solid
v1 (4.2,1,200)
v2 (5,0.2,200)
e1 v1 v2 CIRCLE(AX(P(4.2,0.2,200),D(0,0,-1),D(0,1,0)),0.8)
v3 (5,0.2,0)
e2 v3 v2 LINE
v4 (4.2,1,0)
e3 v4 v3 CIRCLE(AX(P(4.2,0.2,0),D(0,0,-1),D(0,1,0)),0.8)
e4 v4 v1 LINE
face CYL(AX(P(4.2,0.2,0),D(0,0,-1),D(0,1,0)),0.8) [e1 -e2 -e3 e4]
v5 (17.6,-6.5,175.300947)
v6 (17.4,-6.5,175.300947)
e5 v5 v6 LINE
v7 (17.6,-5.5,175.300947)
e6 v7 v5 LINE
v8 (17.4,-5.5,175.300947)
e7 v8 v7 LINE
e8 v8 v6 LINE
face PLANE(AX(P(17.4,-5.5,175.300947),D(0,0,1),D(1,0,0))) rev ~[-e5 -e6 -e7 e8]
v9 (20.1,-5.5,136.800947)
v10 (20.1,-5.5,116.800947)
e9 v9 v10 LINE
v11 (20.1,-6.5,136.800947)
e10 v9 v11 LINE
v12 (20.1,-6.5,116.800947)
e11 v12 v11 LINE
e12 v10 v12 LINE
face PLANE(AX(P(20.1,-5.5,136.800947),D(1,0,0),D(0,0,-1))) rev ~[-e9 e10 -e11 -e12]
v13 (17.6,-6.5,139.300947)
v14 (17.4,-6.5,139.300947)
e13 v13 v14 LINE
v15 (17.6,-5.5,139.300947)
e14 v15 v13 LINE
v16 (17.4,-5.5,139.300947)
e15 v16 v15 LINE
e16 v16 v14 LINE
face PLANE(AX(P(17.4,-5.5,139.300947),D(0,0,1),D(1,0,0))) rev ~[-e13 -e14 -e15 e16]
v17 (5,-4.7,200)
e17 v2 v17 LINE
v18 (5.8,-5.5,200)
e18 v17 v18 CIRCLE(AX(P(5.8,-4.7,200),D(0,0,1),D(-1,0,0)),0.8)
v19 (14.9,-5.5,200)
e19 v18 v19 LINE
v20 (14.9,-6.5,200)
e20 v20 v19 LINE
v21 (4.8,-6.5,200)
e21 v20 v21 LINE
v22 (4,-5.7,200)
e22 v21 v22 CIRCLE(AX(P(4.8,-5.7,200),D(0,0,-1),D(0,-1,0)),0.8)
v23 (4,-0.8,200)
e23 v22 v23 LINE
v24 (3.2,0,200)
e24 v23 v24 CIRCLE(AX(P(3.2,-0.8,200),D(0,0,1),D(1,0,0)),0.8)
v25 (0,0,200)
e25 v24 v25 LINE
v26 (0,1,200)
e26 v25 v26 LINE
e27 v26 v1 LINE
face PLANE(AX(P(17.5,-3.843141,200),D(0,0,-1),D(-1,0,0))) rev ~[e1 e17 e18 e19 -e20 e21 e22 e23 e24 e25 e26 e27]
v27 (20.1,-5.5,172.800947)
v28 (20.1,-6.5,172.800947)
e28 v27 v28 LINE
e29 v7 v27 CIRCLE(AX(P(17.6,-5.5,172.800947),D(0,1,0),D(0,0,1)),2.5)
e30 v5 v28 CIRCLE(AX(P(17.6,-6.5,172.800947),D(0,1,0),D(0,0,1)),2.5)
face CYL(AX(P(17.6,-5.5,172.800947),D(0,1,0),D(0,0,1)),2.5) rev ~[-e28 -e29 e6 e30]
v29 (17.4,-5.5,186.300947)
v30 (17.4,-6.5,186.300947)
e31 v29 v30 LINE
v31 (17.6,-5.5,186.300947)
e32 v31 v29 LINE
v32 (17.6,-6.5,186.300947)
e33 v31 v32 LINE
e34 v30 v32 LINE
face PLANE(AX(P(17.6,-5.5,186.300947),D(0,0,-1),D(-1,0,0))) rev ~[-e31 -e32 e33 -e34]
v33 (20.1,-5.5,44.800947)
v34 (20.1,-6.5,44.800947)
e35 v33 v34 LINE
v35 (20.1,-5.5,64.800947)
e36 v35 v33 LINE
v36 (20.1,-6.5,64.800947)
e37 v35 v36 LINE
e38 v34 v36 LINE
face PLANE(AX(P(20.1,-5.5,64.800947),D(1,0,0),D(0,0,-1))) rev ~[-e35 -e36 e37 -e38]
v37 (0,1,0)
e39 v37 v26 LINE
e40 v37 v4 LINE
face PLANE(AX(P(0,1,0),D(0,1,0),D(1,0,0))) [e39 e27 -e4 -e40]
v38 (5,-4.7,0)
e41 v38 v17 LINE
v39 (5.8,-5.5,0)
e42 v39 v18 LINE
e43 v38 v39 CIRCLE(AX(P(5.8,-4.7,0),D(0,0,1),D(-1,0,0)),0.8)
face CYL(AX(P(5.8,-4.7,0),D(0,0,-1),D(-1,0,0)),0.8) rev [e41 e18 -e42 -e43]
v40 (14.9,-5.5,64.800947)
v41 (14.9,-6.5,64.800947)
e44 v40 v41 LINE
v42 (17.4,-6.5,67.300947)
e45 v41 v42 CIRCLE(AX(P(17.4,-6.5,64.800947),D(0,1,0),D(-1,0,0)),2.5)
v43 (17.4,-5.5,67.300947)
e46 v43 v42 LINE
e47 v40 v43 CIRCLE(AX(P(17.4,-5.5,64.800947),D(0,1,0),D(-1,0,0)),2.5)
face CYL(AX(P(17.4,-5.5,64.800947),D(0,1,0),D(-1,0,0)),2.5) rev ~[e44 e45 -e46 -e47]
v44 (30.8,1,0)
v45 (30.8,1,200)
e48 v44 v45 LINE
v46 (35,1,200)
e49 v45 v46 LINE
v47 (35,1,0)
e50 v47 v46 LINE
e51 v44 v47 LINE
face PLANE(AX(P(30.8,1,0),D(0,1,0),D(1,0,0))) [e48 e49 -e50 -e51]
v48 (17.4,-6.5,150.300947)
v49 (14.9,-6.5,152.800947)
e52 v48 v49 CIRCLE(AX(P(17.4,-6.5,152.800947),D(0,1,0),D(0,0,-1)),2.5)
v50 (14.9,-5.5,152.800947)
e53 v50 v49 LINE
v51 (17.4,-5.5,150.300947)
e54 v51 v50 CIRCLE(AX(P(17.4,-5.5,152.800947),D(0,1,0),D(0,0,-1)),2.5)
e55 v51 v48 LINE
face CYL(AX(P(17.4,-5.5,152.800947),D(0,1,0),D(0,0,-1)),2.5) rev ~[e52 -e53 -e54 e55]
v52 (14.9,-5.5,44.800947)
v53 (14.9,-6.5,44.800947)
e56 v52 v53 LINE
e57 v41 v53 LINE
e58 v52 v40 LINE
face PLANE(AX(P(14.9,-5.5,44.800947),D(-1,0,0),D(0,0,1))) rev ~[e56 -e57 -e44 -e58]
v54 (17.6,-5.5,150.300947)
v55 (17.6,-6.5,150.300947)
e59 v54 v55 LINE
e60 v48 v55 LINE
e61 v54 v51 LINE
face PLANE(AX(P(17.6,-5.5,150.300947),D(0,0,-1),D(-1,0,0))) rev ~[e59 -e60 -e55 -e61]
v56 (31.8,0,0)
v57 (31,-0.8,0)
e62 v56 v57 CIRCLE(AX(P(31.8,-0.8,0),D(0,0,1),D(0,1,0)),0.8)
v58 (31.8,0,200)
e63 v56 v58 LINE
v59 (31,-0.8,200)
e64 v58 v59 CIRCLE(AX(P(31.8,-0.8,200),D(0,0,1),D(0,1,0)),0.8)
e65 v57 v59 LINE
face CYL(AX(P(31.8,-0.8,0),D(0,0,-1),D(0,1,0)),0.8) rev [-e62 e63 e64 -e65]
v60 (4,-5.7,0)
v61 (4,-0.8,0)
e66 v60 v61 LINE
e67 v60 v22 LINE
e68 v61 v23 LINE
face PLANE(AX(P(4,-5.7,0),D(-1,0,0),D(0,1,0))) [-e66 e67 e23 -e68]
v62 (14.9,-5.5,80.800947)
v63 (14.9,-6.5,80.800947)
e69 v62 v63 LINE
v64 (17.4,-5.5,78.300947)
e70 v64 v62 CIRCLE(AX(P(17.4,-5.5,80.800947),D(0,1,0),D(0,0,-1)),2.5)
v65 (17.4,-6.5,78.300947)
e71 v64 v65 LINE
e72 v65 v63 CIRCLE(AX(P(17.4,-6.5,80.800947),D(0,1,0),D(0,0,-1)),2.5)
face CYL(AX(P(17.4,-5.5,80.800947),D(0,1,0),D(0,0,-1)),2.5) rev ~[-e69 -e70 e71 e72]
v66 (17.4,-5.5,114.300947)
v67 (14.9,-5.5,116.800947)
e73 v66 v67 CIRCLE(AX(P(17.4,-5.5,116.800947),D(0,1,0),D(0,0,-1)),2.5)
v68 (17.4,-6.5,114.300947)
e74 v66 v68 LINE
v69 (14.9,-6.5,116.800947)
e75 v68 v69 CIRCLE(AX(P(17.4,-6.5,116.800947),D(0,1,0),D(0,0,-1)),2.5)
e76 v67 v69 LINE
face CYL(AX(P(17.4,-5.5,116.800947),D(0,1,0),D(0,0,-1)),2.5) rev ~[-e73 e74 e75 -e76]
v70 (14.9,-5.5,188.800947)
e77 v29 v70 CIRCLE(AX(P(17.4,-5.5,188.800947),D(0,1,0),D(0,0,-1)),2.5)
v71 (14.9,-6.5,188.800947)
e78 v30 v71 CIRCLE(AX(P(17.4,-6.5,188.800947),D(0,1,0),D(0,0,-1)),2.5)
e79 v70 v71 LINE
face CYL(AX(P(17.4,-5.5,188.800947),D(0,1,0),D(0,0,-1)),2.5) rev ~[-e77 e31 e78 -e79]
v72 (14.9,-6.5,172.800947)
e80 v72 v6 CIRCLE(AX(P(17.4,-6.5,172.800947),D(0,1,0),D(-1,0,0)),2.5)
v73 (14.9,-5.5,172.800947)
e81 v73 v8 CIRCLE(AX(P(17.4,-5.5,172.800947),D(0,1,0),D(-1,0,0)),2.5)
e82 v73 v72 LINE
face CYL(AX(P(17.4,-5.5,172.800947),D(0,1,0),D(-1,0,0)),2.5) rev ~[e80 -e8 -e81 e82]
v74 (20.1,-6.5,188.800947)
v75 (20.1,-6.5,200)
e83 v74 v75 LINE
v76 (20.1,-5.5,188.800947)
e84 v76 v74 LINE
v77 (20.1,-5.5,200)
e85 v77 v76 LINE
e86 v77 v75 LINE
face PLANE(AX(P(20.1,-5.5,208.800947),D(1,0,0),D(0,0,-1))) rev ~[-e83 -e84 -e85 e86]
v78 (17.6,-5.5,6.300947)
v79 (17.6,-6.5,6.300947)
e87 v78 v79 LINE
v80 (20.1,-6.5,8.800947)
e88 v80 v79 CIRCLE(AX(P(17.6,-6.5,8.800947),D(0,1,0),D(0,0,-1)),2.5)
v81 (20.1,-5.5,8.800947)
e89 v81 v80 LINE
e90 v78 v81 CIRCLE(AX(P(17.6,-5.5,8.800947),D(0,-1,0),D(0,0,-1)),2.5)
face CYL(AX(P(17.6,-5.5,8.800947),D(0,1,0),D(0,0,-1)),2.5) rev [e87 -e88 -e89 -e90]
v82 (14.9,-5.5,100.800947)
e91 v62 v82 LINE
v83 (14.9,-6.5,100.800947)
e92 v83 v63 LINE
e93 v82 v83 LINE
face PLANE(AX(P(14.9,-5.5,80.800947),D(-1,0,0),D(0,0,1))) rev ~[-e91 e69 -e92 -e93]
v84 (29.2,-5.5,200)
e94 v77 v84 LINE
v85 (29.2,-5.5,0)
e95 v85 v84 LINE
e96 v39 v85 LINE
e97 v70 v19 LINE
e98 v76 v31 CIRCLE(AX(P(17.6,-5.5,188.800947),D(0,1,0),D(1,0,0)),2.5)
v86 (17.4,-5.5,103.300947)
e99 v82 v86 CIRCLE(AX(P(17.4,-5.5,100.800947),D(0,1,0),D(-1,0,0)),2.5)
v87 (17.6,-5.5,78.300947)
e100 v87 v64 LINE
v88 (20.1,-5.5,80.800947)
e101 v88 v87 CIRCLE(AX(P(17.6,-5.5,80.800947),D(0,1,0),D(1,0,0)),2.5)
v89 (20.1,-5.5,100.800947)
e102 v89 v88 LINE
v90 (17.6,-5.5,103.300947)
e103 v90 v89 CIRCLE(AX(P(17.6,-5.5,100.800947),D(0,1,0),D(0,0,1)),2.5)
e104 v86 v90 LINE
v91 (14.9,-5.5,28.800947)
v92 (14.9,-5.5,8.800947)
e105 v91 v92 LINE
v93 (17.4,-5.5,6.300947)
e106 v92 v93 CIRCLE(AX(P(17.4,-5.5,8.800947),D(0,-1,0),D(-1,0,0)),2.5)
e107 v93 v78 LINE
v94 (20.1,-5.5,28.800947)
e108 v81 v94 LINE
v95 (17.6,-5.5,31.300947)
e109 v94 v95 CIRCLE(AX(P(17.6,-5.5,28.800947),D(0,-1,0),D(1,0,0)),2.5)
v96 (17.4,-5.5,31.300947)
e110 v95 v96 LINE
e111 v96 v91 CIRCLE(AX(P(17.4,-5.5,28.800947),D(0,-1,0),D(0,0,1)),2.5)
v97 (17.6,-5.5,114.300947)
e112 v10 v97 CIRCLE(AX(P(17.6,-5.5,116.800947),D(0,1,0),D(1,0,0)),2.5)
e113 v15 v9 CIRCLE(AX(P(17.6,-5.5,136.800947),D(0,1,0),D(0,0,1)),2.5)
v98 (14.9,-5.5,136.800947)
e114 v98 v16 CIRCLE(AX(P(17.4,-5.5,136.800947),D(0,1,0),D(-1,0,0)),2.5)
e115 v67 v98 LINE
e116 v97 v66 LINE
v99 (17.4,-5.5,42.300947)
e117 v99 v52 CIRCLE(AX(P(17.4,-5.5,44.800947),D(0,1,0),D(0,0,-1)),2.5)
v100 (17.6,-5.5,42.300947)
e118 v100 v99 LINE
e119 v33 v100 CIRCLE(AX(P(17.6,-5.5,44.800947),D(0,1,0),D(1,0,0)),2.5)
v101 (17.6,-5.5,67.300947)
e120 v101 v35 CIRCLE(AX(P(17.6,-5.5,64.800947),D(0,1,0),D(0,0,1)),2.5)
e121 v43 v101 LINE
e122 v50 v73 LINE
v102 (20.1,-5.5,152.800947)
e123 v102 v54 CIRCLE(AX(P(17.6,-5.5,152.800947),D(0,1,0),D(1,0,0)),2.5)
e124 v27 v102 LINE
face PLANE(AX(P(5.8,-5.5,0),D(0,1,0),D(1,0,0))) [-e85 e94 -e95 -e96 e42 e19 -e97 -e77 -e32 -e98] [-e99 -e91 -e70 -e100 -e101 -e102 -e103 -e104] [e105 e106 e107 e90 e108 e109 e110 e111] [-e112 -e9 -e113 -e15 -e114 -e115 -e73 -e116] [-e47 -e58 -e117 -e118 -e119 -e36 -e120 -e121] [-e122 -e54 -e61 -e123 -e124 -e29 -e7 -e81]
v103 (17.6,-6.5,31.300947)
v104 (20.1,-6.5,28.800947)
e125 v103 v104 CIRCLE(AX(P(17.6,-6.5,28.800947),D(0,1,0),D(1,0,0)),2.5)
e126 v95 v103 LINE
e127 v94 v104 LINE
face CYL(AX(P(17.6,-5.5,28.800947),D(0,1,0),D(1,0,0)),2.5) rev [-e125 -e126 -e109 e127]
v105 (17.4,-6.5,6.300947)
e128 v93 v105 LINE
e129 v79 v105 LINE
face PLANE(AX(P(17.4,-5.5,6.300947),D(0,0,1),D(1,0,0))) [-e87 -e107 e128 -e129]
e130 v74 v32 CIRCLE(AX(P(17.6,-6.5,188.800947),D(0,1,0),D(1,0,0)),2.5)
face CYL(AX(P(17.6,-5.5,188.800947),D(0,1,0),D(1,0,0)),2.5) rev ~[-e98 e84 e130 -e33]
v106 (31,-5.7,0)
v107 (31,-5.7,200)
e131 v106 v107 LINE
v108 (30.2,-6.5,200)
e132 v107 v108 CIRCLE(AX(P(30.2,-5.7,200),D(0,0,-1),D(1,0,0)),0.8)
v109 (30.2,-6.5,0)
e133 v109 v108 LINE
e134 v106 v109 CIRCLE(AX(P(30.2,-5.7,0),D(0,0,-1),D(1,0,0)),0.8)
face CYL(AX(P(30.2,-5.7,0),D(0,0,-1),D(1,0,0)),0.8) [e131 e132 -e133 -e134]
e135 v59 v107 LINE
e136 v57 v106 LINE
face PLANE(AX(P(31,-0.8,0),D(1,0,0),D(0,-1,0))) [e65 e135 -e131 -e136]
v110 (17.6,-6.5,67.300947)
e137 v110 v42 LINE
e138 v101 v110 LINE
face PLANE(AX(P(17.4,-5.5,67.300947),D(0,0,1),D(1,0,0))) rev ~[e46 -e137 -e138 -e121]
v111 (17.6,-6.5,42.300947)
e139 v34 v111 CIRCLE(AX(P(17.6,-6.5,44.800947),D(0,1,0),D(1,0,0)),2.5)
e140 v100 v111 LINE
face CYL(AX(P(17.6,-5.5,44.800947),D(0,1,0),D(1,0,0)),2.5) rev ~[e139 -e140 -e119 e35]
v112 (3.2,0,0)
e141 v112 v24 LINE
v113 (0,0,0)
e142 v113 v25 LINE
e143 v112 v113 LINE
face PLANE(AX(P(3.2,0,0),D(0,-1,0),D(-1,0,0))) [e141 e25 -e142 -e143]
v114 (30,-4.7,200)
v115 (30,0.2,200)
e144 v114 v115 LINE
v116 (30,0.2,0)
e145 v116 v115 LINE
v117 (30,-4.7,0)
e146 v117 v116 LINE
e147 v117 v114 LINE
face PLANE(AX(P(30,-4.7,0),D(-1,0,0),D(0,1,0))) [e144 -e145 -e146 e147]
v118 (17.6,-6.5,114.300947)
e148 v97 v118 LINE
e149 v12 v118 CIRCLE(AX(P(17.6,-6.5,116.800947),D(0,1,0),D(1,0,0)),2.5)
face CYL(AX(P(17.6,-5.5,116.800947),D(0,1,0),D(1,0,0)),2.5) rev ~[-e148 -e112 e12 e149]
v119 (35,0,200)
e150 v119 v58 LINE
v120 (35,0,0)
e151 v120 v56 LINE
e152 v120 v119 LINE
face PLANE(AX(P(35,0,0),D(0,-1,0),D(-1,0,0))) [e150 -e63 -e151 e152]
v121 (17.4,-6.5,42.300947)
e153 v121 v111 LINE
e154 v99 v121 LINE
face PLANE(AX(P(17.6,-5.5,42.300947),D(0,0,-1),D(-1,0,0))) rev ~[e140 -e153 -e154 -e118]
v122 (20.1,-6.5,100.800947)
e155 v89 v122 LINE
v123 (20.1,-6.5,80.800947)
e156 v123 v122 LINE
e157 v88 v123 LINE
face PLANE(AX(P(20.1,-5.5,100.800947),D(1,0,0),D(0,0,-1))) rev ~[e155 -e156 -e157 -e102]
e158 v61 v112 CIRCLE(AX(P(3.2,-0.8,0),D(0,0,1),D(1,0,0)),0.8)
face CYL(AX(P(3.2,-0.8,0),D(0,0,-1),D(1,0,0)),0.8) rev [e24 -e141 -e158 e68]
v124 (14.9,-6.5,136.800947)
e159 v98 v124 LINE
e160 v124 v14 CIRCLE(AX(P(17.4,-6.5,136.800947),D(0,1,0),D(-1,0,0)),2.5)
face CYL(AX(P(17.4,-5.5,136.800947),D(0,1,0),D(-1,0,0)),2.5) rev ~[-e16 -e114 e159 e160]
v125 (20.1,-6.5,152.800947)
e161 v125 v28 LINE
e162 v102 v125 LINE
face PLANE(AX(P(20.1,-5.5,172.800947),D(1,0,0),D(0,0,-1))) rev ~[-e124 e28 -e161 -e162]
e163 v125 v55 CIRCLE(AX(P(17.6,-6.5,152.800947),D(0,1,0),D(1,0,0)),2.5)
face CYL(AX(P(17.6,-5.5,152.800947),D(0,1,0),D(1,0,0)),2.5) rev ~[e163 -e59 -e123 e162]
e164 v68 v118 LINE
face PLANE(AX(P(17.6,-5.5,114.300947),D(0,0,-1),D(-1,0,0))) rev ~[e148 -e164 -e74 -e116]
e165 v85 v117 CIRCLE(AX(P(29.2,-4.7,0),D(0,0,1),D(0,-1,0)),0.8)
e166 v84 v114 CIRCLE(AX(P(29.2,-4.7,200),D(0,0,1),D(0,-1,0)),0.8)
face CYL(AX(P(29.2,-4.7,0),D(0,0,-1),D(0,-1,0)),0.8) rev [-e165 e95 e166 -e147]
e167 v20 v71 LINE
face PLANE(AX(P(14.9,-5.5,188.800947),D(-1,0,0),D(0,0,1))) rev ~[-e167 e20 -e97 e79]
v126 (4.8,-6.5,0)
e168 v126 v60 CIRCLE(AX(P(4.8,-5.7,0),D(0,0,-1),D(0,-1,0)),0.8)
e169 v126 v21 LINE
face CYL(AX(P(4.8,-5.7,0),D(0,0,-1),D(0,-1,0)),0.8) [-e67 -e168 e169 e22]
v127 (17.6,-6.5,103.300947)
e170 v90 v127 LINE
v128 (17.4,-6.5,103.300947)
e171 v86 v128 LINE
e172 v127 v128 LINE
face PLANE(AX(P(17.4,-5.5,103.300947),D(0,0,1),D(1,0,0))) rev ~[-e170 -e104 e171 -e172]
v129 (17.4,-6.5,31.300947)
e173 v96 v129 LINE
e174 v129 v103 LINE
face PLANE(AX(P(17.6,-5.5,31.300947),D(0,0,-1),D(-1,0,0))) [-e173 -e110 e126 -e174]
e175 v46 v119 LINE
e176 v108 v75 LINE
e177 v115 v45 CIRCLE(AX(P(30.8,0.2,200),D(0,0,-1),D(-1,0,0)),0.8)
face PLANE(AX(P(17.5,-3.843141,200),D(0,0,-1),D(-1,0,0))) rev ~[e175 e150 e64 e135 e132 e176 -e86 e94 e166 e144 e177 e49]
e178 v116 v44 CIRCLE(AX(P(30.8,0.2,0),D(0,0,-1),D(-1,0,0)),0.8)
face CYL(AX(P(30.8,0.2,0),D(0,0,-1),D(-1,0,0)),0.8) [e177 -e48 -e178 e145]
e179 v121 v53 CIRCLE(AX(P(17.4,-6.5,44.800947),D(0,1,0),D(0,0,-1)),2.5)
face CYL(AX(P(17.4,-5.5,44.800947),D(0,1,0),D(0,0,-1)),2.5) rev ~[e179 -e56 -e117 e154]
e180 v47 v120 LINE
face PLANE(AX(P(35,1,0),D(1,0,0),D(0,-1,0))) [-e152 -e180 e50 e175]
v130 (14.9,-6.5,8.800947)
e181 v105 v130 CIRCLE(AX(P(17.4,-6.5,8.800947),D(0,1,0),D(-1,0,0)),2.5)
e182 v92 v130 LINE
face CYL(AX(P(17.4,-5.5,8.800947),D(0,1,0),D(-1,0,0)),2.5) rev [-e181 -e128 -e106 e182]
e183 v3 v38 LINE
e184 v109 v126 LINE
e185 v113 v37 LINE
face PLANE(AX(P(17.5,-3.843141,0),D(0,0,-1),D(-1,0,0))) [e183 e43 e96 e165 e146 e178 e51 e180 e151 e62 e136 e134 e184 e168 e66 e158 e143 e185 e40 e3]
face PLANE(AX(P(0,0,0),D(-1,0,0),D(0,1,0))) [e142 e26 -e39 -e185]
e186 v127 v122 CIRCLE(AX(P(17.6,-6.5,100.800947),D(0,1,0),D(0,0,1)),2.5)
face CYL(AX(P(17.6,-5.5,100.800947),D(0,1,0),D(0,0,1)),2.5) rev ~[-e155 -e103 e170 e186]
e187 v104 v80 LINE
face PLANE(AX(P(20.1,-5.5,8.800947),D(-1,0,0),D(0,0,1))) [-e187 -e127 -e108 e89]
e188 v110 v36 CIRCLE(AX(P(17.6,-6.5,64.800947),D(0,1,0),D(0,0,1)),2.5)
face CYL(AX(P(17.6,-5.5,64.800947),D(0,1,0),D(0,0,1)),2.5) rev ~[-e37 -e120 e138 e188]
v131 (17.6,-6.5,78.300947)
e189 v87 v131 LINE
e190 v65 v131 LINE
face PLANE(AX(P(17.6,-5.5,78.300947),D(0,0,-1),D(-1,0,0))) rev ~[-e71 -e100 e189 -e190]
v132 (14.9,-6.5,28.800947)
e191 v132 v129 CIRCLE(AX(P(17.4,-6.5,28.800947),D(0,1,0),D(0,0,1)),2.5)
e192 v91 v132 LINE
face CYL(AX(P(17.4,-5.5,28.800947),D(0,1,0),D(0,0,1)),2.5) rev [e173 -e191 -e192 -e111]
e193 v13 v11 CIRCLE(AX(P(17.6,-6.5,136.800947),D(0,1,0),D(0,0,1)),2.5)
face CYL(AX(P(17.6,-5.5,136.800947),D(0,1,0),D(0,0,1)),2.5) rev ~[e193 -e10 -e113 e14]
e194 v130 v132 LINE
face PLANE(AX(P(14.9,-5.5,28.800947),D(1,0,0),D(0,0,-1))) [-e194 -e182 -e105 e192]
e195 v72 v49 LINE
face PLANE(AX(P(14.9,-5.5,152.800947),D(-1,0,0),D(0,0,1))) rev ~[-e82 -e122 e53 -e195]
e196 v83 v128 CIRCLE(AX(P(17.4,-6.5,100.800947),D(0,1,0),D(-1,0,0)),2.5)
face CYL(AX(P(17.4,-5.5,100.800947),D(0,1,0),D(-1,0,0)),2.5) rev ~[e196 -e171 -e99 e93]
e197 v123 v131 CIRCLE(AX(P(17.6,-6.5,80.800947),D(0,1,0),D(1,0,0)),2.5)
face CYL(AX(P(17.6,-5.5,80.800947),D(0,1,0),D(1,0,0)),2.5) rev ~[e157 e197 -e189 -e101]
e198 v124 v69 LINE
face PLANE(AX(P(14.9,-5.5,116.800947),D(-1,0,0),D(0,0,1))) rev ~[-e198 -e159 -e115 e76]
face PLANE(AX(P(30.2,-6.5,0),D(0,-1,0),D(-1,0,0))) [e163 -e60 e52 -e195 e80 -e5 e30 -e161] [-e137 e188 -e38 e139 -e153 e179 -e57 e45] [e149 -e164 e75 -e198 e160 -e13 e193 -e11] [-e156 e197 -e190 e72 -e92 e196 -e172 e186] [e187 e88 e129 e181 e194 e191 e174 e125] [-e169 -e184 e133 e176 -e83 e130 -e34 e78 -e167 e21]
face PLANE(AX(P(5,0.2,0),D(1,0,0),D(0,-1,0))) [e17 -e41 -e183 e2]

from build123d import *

# Parameters (mm, degrees)
BOSS_EXTRUDE1_DEPTH = 200
CUT_EXTRUDE1_DEPTH  = 2


with BuildPart() as part:
    # Sketch1 → Boss-Extrude1 (new body)
    with BuildSketch(Plane.XY):
        with BuildLine():
            Line((0, 0), (0, 1))
            Line((0, 1), (4.2, 1))
            ThreePointArc((4.2, 1), (4.765685425, 0.765685425), (5, 0.2))
            Line((5, 0.2), (5, -4.7))
            ThreePointArc((5, -4.7), (5.234314575, -5.265685425), (5.8, -5.5))
            Line((5.8, -5.5), (29.2, -5.5))
            ThreePointArc((29.2, -5.5), (29.765685425, -5.265685425), (30, -4.7))
            Line((30, -4.7), (30, 0.2))
            ThreePointArc((30, 0.2), (30.234314575, 0.765685425), (30.8, 1))
            Line((30.8, 1), (35, 1))
            Line((35, 1), (35, 0))
            Line((35, 0), (31.8, 0))
            ThreePointArc((31.8, 0), (31.234314575, -0.234314575), (31, -0.8))
            Line((31, -0.8), (31, -5.7))
            ThreePointArc((31, -5.7), (30.765685425, -6.265685425), (30.2, -6.5))
            Line((30.2, -6.5), (4.8, -6.5))
            ThreePointArc((4.8, -6.5), (4.234314575, -6.265685425), (4, -5.7))
            Line((4, -5.7), (4, -0.8))
            ThreePointArc((4, -0.8), (3.765685425, -0.234314575), (3.2, 0))
            Line((3.2, 0), (0, 0))
        make_face()
    extrude(amount=BOSS_EXTRUDE1_DEPTH)

    # Sketch2 → Cut-Extrude1 (cut, through all)
    with BuildSketch(Plane(origin=(0, -5.5, 0), x_dir=(1, 0, 0), z_dir=(0, 1, 0))):
        with BuildLine():
            Line((17.4, -6.300946702), (17.6, -6.300946702))
            ThreePointArc((17.6, -6.300946702), (19.367766953, -7.033179749), (20.1, -8.800946702))
            Line((20.1, -8.800946702), (20.1, -28.800946702))
            ThreePointArc((20.1, -28.800946702), (19.367766953, -30.568713655), (17.6, -31.300946702))
            Line((17.6, -31.300946702), (17.4, -31.300946702))
            ThreePointArc((17.4, -31.300946702), (15.632233047, -30.568713655), (14.9, -28.800946702))
            Line((14.9, -28.800946702), (14.9, -8.800946702))
            ThreePointArc((14.9, -8.800946702), (15.632233047, -7.033179749), (17.4, -6.300946702))
        make_face()
        with BuildLine():
            Line((14.9, -44.800946702), (14.9, -64.800946702))
            ThreePointArc((14.9, -64.800946702), (15.632233047, -66.568713655), (17.4, -67.300946702))
            Line((17.4, -67.300946702), (17.6, -67.300946702))
            ThreePointArc((17.6, -67.300946702), (19.367766953, -66.568713655), (20.1, -64.800946702))
            Line((20.1, -64.800946702), (20.1, -44.800946702))
            ThreePointArc((20.1, -44.800946702), (19.367766953, -43.033179749), (17.6, -42.300946702))
            Line((17.6, -42.300946702), (17.4, -42.300946702))
            ThreePointArc((17.4, -42.300946702), (15.632233047, -43.033179749), (14.9, -44.800946702))
        make_face()
        with BuildLine():
            Line((14.9, -80.800946702), (14.9, -100.800946702))
            ThreePointArc((14.9, -100.800946702), (15.632233047, -102.568713655), (17.4, -103.300946702))
            Line((17.4, -103.300946702), (17.6, -103.300946702))
            ThreePointArc((17.6, -103.300946702), (19.367766953, -102.568713655), (20.1, -100.800946702))
            Line((20.1, -100.800946702), (20.1, -80.800946702))
            ThreePointArc((20.1, -80.800946702), (19.367766953, -79.033179749), (17.6, -78.300946702))
            Line((17.6, -78.300946702), (17.4, -78.300946702))
            ThreePointArc((17.4, -78.300946702), (15.632233047, -79.033179749), (14.9, -80.800946702))
        make_face()
        with BuildLine():
            Line((14.9, -116.800946702), (14.9, -136.800946702))
            ThreePointArc((14.9, -136.800946702), (15.632233047, -138.568713655), (17.4, -139.300946702))
            Line((17.4, -139.300946702), (17.6, -139.300946702))
            ThreePointArc((17.6, -139.300946702), (19.367766953, -138.568713655), (20.1, -136.800946702))
            Line((20.1, -136.800946702), (20.1, -116.800946702))
            ThreePointArc((20.1, -116.800946702), (19.367766953, -115.033179749), (17.6, -114.300946702))
            Line((17.6, -114.300946702), (17.4, -114.300946702))
            ThreePointArc((17.4, -114.300946702), (15.632233047, -115.033179749), (14.9, -116.800946702))
        make_face()
        with BuildLine():
            Line((14.9, -152.800946702), (14.9, -172.800946702))
            ThreePointArc((14.9, -172.800946702), (15.632233047, -174.568713655), (17.4, -175.300946702))
            Line((17.4, -175.300946702), (17.6, -175.300946702))
            ThreePointArc((17.6, -175.300946702), (19.367766953, -174.568713655), (20.1, -172.800946702))
            Line((20.1, -172.800946702), (20.1, -152.800946702))
            ThreePointArc((20.1, -152.800946702), (19.367766953, -151.033179749), (17.6, -150.300946702))
            Line((17.6, -150.300946702), (17.4, -150.300946702))
            ThreePointArc((17.4, -150.300946702), (15.632233047, -151.033179749), (14.9, -152.800946702))
        make_face()
        with BuildLine():
            Line((14.9, -188.800946702), (14.9, -208.800946702))
            ThreePointArc((14.9, -208.800946702), (15.632233047, -210.568713655), (17.4, -211.300946702))
            Line((17.4, -211.300946702), (17.6, -211.300946702))
            ThreePointArc((17.6, -211.300946702), (19.367766953, -210.568713655), (20.1, -208.800946702))
            Line((20.1, -208.800946702), (20.1, -188.800946702))
            ThreePointArc((20.1, -188.800946702), (19.367766953, -187.033179749), (17.6, -186.300946702))
            Line((17.6, -186.300946702), (17.4, -186.300946702))
            ThreePointArc((17.4, -186.300946702), (15.632233047, -187.033179749), (14.9, -188.800946702))
        make_face()
    extrude(amount=-CUT_EXTRUDE1_DEPTH, mode=Mode.SUBTRACT)


solid = part.part
